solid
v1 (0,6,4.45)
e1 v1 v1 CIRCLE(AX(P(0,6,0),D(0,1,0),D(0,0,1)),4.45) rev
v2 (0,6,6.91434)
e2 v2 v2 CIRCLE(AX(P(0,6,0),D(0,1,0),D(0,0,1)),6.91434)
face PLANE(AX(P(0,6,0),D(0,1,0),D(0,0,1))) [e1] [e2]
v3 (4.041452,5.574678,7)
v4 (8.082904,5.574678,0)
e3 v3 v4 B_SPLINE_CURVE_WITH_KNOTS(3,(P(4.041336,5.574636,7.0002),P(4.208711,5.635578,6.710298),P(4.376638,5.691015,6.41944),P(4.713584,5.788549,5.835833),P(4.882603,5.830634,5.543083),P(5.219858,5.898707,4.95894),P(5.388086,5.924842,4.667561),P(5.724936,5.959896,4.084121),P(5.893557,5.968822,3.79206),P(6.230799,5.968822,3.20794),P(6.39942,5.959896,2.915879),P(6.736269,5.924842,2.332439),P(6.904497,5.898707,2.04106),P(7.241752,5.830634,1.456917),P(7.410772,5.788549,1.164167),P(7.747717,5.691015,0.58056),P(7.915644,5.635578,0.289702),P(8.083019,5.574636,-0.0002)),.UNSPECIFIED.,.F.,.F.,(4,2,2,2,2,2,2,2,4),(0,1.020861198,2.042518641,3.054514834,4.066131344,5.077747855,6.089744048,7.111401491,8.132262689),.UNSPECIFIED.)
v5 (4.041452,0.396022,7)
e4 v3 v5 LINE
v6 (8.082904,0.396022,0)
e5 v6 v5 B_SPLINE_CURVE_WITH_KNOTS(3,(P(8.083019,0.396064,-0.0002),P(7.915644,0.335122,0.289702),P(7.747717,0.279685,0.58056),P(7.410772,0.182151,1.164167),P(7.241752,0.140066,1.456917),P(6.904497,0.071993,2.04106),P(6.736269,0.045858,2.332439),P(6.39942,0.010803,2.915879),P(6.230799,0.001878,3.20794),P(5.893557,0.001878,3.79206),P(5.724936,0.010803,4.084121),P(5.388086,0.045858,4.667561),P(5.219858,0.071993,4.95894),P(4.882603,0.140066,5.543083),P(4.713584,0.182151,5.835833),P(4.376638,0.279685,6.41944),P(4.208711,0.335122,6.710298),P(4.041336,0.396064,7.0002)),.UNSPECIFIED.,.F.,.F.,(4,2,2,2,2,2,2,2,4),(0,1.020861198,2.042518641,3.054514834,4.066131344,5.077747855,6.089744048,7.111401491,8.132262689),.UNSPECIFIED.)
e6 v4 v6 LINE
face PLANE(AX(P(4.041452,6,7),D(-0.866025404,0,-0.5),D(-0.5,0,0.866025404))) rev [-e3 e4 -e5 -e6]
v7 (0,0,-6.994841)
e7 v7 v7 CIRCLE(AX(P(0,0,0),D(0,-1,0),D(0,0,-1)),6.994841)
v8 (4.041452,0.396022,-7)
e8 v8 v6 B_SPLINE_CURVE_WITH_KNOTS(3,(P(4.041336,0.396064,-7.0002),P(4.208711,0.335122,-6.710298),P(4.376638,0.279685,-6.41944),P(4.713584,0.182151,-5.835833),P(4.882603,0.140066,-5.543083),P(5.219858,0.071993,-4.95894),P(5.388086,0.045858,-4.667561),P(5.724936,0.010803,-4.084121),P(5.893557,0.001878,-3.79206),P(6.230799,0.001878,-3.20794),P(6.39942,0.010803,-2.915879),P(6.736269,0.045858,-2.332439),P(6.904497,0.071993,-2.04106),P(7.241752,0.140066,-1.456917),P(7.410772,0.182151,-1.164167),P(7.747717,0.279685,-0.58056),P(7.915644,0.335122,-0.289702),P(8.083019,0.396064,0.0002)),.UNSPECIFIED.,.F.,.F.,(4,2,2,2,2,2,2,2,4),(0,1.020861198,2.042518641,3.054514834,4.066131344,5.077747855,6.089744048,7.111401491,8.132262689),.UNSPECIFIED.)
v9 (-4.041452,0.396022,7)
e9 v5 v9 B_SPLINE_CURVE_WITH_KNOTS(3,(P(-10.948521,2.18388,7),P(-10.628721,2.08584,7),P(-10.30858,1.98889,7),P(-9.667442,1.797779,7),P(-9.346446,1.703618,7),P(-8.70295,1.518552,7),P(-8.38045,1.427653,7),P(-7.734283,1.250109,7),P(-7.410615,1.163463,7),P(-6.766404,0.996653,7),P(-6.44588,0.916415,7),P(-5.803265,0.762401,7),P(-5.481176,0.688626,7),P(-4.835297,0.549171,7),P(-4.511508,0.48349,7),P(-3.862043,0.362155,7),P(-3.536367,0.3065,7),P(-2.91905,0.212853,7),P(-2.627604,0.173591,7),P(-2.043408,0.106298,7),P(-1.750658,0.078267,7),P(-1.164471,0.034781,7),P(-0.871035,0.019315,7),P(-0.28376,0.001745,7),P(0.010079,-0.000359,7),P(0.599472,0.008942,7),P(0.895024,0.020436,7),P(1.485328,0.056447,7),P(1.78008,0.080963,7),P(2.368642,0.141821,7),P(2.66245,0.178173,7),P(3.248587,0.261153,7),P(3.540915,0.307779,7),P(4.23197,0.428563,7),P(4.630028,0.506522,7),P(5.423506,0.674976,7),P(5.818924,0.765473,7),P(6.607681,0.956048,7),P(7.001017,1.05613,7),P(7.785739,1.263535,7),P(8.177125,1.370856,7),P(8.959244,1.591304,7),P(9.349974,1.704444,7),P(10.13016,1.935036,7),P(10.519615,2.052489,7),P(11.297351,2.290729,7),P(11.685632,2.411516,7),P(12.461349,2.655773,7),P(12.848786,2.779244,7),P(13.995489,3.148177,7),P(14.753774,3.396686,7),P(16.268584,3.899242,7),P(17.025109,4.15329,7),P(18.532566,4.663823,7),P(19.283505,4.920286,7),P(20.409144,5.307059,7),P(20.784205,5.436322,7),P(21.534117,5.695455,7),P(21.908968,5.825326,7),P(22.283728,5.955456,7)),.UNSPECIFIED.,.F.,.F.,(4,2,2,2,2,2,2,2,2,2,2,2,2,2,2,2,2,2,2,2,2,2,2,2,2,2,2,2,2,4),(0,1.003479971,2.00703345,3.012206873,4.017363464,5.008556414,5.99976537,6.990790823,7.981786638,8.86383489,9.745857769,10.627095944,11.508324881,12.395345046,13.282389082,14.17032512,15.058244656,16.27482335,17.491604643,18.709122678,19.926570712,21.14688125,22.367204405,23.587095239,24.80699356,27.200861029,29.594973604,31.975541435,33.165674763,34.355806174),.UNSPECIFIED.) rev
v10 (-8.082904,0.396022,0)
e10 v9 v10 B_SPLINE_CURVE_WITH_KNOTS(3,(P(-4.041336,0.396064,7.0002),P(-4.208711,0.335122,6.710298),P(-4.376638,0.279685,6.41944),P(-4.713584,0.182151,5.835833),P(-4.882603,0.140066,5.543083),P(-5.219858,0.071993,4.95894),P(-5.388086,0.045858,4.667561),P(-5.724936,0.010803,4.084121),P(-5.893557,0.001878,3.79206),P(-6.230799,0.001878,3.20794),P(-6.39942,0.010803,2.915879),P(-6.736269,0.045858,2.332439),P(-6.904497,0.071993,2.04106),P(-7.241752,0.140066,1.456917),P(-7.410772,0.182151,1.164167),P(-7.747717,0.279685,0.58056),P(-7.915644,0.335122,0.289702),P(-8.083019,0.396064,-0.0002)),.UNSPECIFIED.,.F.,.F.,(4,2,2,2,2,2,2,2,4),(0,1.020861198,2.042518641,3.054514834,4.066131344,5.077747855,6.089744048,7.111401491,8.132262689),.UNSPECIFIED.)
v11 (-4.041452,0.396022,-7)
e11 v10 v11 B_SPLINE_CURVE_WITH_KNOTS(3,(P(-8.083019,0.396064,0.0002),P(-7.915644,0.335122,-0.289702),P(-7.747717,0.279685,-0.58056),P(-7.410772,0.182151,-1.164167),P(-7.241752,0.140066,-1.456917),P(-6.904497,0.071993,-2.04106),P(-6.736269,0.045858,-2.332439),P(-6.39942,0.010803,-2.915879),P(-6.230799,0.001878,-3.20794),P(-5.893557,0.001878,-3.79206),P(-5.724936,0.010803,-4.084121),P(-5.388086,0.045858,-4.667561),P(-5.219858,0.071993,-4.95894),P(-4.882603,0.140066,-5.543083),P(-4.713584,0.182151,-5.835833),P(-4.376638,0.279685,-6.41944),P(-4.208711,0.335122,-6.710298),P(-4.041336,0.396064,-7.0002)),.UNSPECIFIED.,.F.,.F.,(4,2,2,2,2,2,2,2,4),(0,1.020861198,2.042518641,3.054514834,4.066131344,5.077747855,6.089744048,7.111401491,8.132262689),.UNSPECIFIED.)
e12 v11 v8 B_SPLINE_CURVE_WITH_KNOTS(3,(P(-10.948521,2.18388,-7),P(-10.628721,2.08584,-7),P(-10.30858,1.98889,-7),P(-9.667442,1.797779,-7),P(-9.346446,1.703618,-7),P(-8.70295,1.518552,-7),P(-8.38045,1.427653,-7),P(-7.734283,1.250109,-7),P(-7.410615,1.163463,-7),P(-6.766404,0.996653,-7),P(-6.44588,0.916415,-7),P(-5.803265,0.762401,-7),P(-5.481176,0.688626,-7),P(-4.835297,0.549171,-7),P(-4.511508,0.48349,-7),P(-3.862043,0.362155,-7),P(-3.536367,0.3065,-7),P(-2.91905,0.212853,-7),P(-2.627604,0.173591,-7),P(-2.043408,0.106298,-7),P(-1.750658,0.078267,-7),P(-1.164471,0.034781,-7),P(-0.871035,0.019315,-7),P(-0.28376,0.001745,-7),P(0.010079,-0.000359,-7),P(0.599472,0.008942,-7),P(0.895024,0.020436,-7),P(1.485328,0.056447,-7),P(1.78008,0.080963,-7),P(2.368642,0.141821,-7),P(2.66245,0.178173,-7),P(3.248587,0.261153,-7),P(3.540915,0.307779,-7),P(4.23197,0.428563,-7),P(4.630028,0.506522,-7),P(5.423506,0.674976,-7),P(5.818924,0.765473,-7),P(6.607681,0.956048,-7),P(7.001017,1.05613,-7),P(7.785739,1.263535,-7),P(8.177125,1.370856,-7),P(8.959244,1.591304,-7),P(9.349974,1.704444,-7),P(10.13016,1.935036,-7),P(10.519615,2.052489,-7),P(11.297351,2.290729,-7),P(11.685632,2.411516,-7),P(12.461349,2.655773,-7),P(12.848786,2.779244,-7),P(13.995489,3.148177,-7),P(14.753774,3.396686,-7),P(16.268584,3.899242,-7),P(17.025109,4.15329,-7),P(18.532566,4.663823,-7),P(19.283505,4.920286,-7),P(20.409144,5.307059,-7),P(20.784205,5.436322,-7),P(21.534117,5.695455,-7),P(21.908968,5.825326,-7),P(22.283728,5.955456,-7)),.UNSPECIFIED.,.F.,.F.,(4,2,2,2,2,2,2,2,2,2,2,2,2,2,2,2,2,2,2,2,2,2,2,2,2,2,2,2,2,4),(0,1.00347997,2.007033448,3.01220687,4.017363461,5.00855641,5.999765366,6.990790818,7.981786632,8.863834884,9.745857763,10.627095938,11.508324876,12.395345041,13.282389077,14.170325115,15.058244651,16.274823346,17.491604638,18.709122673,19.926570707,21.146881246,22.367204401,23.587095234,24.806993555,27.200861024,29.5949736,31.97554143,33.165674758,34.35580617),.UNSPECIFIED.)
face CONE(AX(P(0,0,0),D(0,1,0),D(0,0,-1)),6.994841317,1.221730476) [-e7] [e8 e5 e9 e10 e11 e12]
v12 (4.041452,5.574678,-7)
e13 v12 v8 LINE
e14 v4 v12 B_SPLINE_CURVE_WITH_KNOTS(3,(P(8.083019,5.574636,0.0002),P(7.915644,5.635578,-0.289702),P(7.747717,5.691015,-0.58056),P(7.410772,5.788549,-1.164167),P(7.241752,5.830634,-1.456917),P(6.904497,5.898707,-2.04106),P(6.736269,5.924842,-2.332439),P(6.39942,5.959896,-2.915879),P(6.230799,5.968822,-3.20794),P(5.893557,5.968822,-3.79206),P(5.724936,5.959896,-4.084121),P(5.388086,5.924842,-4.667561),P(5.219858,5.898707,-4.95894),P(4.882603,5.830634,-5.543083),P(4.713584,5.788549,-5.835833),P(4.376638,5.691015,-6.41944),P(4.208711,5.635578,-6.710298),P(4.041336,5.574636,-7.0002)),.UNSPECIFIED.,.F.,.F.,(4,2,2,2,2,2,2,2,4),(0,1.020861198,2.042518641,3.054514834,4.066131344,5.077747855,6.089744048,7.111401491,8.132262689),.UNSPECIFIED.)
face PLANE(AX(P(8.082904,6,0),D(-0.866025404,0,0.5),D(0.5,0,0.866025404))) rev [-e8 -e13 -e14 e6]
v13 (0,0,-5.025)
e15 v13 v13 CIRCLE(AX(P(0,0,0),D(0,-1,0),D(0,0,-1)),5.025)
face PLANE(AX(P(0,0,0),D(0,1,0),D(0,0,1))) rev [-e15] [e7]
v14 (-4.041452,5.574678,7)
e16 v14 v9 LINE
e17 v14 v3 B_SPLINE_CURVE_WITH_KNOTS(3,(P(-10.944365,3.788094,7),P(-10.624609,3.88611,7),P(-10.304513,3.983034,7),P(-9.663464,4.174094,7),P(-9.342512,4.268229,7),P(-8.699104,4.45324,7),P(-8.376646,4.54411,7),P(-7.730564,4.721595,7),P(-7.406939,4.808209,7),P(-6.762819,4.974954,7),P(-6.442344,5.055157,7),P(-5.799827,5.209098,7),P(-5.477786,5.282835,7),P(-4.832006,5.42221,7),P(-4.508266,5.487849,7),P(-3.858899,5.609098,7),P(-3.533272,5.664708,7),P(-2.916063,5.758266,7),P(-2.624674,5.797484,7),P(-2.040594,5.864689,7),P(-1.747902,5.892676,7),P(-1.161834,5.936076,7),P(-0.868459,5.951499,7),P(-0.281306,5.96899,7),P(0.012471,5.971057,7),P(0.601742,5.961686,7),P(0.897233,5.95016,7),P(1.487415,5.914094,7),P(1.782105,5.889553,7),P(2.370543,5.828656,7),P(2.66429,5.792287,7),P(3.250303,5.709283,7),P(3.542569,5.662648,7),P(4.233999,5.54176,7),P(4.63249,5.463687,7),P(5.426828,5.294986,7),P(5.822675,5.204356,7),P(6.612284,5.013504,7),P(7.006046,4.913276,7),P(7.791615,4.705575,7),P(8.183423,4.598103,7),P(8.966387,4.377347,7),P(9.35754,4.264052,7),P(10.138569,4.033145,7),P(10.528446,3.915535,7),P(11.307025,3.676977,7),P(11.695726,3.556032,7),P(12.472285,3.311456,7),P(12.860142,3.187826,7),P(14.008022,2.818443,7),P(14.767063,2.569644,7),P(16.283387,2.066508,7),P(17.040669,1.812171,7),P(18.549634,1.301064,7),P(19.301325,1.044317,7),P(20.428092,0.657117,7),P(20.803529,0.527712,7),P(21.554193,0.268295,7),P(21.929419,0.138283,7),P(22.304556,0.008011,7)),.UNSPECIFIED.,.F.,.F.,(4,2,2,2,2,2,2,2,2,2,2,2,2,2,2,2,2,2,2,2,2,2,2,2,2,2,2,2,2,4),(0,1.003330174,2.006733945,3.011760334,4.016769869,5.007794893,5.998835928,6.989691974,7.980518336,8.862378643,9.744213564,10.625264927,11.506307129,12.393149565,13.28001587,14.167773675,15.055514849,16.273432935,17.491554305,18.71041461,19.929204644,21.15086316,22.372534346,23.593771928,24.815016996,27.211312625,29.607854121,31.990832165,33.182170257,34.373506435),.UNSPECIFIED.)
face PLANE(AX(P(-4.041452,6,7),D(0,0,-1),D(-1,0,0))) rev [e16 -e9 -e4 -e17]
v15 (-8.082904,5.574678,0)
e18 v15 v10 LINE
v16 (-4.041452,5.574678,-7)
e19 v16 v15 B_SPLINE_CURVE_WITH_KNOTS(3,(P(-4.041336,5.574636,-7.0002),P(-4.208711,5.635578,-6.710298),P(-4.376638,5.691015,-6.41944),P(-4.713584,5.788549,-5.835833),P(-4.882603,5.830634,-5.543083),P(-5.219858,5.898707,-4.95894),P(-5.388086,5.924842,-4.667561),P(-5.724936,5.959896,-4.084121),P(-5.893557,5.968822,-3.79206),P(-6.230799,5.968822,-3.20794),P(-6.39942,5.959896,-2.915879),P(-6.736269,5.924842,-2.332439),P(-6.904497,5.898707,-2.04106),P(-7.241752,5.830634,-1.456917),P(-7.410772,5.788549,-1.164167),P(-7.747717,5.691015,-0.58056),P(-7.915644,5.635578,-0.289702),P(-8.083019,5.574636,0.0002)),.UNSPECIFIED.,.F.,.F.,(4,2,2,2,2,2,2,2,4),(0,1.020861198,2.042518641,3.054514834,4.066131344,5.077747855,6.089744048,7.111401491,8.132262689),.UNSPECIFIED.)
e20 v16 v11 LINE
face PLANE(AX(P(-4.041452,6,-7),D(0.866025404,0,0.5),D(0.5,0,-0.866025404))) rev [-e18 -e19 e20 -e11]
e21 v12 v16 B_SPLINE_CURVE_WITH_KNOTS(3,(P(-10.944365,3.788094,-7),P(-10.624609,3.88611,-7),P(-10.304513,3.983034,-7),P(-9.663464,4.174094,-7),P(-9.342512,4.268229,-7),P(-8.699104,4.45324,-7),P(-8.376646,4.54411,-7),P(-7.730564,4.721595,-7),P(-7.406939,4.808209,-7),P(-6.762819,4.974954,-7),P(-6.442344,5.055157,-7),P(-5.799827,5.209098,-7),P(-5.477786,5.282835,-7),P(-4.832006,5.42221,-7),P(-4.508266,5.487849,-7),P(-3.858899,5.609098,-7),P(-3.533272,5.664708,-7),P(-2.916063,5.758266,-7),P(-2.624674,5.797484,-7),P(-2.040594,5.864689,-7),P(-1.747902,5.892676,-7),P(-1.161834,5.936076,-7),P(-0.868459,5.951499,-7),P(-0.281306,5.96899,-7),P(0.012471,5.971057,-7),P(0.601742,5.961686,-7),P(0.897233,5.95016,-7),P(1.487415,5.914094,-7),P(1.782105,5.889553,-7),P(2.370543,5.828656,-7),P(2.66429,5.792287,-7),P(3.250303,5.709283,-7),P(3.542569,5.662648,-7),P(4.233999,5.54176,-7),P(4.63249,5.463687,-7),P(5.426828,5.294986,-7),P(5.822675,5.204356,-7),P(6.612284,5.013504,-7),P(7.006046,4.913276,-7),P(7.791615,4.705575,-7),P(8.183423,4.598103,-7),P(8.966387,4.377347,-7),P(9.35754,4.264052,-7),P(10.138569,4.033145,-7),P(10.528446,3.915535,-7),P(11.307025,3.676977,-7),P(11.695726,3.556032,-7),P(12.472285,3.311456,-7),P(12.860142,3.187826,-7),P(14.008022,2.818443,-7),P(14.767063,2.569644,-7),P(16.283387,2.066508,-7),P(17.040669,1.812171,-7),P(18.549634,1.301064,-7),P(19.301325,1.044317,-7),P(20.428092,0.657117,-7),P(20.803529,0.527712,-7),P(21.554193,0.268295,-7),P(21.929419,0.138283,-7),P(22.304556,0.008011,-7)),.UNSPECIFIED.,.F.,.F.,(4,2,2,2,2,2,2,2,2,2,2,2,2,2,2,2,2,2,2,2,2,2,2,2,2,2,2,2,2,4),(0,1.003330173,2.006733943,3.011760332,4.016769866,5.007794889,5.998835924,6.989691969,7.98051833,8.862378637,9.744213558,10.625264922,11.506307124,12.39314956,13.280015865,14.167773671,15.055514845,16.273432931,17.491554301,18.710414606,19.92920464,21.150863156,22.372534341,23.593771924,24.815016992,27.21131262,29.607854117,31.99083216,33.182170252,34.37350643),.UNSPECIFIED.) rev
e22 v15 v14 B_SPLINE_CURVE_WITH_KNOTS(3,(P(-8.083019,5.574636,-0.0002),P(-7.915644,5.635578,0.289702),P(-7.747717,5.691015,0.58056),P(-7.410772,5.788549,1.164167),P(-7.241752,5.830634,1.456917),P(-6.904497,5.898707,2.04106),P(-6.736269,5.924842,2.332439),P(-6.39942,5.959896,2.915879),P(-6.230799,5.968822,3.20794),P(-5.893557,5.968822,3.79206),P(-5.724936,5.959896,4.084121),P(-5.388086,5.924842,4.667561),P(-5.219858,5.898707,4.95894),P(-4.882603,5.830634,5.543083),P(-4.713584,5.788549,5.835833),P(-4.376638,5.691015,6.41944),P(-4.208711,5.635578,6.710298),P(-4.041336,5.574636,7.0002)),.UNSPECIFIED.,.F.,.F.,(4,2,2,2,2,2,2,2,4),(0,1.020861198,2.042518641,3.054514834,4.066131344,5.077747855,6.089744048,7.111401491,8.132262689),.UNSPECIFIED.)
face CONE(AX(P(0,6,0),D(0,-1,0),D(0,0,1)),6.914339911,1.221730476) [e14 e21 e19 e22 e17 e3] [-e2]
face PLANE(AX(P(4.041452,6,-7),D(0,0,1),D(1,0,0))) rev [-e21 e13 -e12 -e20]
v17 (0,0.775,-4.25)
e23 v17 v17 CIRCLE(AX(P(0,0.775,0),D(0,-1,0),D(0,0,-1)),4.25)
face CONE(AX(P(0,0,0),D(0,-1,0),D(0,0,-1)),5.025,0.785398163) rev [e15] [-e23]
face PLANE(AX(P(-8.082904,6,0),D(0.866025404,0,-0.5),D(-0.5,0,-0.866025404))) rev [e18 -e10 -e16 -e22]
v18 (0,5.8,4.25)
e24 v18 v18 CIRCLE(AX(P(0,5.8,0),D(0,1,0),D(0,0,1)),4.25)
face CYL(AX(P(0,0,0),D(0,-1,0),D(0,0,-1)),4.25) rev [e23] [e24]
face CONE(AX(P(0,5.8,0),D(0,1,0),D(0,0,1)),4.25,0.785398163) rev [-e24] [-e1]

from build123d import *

# Parameters (mm, degrees)
RESSALTO_EXTRUS_O2_DEPTH         = 6
FURO_ROSCADO_DE_M101_D           = 8.5
FURO_ROSCADO_DE_M101_CSINK_D     = 10.05
FURO_ROSCADO_DE_M101_CSINK_ANGLE = 90
CHANFRO2_SIZE                    = 0.2
ESBO_O5_OUTSIDE_W                = 94.042
ESBO_O5_OUTSIDE_H                = 91.876
ESBO_O5_OUTSIDE_R                = 6.914339911
CORTE_EXTRUS_O1_DEPTH            = 13
CORTE_EXTRUS_O1_DRAFT            = -70
ESBO_O6_OUTSIDE_W                = 94.042
ESBO_O6_OUTSIDE_H                = 91.876
ESBO_O6_OUTSIDE_R                = 6.994841317
CORTE_EXTRUS_O2_DEPTH            = 13
CORTE_EXTRUS_O2_DRAFT            = -70


with BuildPart() as part:
    # Esboço1 → Ressalto-extrusão2 (new body)
    with BuildSketch(Plane(origin=(0, 0, 0), x_dir=(1, 0, 0), z_dir=(0, 1, 0))):
        Polygon((4.041451884, 7), (-4.041451884, 7), (-8.082903769, 0), (-4.041451884, -7), (4.041451884, -7), (8.082903769, 0), align=None)
    extrude(amount=RESSALTO_EXTRUS_O2_DEPTH)

    # Furo roscado de M101 (through all)
    with Locations(Plane(origin=(0, 0, 0), x_dir=(-1, 0, 0), z_dir=(0, -1, 0))):
        with Locations((0, 0)):
            CounterSinkHole(FURO_ROSCADO_DE_M101_D / 2, FURO_ROSCADO_DE_M101_CSINK_D / 2, counter_sink_angle=FURO_ROSCADO_DE_M101_CSINK_ANGLE)

    # Chanfro2
    chanfro2_edges = [part.edges().sort_by_distance(p)[0] for p in [
        (-4.25, 6, 0),
    ]]
    chamfer(chanfro2_edges, length=CHANFRO2_SIZE)


with BuildPart() as corte_extrus_o1_tool:
    # Esboço5 outside → Corte-extrusão1 (with draft: the straight prism first)
    with BuildSketch(Plane(origin=(0, 6, 0), x_dir=(1, 0, 0), z_dir=(0, 1, 0))):
        Rectangle(ESBO_O5_OUTSIDE_W, ESBO_O5_OUTSIDE_H)
        Circle(ESBO_O5_OUTSIDE_R, mode=Mode.SUBTRACT)
    extrude(amount=-CORTE_EXTRUS_O1_DEPTH)
    # Corte-extrusão1: the draft: its side faces are tilted about the plane it starts from
    corte_extrus_o1_sides = [corte_extrus_o1_tool.faces().sort_by_distance(p)[0] for p in [
        (0, -0.5, 45.938),
        (47.021, -0.5, 0),
        (0, -0.5, -45.938),
        (-47.021, -0.5, 0),
        (-6.914339911, -0.5, 0),
    ]]
    draft(corte_extrus_o1_sides, Plane(origin=(0, 6, 0), x_dir=(1, 0, 0), z_dir=(0, 1, 0)), CORTE_EXTRUS_O1_DRAFT)


with BuildPart() as part_1:
    add(part.part)

    # Corte-extrusão1: cut by corte_extrus_o1_tool
    add(corte_extrus_o1_tool.part, mode=Mode.SUBTRACT)


with BuildPart() as corte_extrus_o2_tool:
    # Esboço6 outside → Corte-extrusão2 (with draft: the straight prism first)
    with BuildSketch(Plane.XZ):
        Rectangle(ESBO_O6_OUTSIDE_W, ESBO_O6_OUTSIDE_H)
        Circle(ESBO_O6_OUTSIDE_R, mode=Mode.SUBTRACT)
    extrude(amount=-CORTE_EXTRUS_O2_DEPTH)
    # Corte-extrusão2: the draft: its side faces are tilted about the plane it starts from
    corte_extrus_o2_sides = [corte_extrus_o2_tool.faces().sort_by_distance(p)[0] for p in [
        (0, 6.5, -45.938),
        (47.021, 6.5, 0),
        (0, 6.5, 45.938),
        (-47.021, 6.5, 0),
        (-6.994841317, 6.5, 0),
    ]]
    draft(corte_extrus_o2_sides, Plane.XZ, CORTE_EXTRUS_O2_DRAFT)


with BuildPart() as part_2:
    add(part_1.part)

    # Corte-extrusão2: cut by corte_extrus_o2_tool
    add(corte_extrus_o2_tool.part, mode=Mode.SUBTRACT)


solid = part_2.part
